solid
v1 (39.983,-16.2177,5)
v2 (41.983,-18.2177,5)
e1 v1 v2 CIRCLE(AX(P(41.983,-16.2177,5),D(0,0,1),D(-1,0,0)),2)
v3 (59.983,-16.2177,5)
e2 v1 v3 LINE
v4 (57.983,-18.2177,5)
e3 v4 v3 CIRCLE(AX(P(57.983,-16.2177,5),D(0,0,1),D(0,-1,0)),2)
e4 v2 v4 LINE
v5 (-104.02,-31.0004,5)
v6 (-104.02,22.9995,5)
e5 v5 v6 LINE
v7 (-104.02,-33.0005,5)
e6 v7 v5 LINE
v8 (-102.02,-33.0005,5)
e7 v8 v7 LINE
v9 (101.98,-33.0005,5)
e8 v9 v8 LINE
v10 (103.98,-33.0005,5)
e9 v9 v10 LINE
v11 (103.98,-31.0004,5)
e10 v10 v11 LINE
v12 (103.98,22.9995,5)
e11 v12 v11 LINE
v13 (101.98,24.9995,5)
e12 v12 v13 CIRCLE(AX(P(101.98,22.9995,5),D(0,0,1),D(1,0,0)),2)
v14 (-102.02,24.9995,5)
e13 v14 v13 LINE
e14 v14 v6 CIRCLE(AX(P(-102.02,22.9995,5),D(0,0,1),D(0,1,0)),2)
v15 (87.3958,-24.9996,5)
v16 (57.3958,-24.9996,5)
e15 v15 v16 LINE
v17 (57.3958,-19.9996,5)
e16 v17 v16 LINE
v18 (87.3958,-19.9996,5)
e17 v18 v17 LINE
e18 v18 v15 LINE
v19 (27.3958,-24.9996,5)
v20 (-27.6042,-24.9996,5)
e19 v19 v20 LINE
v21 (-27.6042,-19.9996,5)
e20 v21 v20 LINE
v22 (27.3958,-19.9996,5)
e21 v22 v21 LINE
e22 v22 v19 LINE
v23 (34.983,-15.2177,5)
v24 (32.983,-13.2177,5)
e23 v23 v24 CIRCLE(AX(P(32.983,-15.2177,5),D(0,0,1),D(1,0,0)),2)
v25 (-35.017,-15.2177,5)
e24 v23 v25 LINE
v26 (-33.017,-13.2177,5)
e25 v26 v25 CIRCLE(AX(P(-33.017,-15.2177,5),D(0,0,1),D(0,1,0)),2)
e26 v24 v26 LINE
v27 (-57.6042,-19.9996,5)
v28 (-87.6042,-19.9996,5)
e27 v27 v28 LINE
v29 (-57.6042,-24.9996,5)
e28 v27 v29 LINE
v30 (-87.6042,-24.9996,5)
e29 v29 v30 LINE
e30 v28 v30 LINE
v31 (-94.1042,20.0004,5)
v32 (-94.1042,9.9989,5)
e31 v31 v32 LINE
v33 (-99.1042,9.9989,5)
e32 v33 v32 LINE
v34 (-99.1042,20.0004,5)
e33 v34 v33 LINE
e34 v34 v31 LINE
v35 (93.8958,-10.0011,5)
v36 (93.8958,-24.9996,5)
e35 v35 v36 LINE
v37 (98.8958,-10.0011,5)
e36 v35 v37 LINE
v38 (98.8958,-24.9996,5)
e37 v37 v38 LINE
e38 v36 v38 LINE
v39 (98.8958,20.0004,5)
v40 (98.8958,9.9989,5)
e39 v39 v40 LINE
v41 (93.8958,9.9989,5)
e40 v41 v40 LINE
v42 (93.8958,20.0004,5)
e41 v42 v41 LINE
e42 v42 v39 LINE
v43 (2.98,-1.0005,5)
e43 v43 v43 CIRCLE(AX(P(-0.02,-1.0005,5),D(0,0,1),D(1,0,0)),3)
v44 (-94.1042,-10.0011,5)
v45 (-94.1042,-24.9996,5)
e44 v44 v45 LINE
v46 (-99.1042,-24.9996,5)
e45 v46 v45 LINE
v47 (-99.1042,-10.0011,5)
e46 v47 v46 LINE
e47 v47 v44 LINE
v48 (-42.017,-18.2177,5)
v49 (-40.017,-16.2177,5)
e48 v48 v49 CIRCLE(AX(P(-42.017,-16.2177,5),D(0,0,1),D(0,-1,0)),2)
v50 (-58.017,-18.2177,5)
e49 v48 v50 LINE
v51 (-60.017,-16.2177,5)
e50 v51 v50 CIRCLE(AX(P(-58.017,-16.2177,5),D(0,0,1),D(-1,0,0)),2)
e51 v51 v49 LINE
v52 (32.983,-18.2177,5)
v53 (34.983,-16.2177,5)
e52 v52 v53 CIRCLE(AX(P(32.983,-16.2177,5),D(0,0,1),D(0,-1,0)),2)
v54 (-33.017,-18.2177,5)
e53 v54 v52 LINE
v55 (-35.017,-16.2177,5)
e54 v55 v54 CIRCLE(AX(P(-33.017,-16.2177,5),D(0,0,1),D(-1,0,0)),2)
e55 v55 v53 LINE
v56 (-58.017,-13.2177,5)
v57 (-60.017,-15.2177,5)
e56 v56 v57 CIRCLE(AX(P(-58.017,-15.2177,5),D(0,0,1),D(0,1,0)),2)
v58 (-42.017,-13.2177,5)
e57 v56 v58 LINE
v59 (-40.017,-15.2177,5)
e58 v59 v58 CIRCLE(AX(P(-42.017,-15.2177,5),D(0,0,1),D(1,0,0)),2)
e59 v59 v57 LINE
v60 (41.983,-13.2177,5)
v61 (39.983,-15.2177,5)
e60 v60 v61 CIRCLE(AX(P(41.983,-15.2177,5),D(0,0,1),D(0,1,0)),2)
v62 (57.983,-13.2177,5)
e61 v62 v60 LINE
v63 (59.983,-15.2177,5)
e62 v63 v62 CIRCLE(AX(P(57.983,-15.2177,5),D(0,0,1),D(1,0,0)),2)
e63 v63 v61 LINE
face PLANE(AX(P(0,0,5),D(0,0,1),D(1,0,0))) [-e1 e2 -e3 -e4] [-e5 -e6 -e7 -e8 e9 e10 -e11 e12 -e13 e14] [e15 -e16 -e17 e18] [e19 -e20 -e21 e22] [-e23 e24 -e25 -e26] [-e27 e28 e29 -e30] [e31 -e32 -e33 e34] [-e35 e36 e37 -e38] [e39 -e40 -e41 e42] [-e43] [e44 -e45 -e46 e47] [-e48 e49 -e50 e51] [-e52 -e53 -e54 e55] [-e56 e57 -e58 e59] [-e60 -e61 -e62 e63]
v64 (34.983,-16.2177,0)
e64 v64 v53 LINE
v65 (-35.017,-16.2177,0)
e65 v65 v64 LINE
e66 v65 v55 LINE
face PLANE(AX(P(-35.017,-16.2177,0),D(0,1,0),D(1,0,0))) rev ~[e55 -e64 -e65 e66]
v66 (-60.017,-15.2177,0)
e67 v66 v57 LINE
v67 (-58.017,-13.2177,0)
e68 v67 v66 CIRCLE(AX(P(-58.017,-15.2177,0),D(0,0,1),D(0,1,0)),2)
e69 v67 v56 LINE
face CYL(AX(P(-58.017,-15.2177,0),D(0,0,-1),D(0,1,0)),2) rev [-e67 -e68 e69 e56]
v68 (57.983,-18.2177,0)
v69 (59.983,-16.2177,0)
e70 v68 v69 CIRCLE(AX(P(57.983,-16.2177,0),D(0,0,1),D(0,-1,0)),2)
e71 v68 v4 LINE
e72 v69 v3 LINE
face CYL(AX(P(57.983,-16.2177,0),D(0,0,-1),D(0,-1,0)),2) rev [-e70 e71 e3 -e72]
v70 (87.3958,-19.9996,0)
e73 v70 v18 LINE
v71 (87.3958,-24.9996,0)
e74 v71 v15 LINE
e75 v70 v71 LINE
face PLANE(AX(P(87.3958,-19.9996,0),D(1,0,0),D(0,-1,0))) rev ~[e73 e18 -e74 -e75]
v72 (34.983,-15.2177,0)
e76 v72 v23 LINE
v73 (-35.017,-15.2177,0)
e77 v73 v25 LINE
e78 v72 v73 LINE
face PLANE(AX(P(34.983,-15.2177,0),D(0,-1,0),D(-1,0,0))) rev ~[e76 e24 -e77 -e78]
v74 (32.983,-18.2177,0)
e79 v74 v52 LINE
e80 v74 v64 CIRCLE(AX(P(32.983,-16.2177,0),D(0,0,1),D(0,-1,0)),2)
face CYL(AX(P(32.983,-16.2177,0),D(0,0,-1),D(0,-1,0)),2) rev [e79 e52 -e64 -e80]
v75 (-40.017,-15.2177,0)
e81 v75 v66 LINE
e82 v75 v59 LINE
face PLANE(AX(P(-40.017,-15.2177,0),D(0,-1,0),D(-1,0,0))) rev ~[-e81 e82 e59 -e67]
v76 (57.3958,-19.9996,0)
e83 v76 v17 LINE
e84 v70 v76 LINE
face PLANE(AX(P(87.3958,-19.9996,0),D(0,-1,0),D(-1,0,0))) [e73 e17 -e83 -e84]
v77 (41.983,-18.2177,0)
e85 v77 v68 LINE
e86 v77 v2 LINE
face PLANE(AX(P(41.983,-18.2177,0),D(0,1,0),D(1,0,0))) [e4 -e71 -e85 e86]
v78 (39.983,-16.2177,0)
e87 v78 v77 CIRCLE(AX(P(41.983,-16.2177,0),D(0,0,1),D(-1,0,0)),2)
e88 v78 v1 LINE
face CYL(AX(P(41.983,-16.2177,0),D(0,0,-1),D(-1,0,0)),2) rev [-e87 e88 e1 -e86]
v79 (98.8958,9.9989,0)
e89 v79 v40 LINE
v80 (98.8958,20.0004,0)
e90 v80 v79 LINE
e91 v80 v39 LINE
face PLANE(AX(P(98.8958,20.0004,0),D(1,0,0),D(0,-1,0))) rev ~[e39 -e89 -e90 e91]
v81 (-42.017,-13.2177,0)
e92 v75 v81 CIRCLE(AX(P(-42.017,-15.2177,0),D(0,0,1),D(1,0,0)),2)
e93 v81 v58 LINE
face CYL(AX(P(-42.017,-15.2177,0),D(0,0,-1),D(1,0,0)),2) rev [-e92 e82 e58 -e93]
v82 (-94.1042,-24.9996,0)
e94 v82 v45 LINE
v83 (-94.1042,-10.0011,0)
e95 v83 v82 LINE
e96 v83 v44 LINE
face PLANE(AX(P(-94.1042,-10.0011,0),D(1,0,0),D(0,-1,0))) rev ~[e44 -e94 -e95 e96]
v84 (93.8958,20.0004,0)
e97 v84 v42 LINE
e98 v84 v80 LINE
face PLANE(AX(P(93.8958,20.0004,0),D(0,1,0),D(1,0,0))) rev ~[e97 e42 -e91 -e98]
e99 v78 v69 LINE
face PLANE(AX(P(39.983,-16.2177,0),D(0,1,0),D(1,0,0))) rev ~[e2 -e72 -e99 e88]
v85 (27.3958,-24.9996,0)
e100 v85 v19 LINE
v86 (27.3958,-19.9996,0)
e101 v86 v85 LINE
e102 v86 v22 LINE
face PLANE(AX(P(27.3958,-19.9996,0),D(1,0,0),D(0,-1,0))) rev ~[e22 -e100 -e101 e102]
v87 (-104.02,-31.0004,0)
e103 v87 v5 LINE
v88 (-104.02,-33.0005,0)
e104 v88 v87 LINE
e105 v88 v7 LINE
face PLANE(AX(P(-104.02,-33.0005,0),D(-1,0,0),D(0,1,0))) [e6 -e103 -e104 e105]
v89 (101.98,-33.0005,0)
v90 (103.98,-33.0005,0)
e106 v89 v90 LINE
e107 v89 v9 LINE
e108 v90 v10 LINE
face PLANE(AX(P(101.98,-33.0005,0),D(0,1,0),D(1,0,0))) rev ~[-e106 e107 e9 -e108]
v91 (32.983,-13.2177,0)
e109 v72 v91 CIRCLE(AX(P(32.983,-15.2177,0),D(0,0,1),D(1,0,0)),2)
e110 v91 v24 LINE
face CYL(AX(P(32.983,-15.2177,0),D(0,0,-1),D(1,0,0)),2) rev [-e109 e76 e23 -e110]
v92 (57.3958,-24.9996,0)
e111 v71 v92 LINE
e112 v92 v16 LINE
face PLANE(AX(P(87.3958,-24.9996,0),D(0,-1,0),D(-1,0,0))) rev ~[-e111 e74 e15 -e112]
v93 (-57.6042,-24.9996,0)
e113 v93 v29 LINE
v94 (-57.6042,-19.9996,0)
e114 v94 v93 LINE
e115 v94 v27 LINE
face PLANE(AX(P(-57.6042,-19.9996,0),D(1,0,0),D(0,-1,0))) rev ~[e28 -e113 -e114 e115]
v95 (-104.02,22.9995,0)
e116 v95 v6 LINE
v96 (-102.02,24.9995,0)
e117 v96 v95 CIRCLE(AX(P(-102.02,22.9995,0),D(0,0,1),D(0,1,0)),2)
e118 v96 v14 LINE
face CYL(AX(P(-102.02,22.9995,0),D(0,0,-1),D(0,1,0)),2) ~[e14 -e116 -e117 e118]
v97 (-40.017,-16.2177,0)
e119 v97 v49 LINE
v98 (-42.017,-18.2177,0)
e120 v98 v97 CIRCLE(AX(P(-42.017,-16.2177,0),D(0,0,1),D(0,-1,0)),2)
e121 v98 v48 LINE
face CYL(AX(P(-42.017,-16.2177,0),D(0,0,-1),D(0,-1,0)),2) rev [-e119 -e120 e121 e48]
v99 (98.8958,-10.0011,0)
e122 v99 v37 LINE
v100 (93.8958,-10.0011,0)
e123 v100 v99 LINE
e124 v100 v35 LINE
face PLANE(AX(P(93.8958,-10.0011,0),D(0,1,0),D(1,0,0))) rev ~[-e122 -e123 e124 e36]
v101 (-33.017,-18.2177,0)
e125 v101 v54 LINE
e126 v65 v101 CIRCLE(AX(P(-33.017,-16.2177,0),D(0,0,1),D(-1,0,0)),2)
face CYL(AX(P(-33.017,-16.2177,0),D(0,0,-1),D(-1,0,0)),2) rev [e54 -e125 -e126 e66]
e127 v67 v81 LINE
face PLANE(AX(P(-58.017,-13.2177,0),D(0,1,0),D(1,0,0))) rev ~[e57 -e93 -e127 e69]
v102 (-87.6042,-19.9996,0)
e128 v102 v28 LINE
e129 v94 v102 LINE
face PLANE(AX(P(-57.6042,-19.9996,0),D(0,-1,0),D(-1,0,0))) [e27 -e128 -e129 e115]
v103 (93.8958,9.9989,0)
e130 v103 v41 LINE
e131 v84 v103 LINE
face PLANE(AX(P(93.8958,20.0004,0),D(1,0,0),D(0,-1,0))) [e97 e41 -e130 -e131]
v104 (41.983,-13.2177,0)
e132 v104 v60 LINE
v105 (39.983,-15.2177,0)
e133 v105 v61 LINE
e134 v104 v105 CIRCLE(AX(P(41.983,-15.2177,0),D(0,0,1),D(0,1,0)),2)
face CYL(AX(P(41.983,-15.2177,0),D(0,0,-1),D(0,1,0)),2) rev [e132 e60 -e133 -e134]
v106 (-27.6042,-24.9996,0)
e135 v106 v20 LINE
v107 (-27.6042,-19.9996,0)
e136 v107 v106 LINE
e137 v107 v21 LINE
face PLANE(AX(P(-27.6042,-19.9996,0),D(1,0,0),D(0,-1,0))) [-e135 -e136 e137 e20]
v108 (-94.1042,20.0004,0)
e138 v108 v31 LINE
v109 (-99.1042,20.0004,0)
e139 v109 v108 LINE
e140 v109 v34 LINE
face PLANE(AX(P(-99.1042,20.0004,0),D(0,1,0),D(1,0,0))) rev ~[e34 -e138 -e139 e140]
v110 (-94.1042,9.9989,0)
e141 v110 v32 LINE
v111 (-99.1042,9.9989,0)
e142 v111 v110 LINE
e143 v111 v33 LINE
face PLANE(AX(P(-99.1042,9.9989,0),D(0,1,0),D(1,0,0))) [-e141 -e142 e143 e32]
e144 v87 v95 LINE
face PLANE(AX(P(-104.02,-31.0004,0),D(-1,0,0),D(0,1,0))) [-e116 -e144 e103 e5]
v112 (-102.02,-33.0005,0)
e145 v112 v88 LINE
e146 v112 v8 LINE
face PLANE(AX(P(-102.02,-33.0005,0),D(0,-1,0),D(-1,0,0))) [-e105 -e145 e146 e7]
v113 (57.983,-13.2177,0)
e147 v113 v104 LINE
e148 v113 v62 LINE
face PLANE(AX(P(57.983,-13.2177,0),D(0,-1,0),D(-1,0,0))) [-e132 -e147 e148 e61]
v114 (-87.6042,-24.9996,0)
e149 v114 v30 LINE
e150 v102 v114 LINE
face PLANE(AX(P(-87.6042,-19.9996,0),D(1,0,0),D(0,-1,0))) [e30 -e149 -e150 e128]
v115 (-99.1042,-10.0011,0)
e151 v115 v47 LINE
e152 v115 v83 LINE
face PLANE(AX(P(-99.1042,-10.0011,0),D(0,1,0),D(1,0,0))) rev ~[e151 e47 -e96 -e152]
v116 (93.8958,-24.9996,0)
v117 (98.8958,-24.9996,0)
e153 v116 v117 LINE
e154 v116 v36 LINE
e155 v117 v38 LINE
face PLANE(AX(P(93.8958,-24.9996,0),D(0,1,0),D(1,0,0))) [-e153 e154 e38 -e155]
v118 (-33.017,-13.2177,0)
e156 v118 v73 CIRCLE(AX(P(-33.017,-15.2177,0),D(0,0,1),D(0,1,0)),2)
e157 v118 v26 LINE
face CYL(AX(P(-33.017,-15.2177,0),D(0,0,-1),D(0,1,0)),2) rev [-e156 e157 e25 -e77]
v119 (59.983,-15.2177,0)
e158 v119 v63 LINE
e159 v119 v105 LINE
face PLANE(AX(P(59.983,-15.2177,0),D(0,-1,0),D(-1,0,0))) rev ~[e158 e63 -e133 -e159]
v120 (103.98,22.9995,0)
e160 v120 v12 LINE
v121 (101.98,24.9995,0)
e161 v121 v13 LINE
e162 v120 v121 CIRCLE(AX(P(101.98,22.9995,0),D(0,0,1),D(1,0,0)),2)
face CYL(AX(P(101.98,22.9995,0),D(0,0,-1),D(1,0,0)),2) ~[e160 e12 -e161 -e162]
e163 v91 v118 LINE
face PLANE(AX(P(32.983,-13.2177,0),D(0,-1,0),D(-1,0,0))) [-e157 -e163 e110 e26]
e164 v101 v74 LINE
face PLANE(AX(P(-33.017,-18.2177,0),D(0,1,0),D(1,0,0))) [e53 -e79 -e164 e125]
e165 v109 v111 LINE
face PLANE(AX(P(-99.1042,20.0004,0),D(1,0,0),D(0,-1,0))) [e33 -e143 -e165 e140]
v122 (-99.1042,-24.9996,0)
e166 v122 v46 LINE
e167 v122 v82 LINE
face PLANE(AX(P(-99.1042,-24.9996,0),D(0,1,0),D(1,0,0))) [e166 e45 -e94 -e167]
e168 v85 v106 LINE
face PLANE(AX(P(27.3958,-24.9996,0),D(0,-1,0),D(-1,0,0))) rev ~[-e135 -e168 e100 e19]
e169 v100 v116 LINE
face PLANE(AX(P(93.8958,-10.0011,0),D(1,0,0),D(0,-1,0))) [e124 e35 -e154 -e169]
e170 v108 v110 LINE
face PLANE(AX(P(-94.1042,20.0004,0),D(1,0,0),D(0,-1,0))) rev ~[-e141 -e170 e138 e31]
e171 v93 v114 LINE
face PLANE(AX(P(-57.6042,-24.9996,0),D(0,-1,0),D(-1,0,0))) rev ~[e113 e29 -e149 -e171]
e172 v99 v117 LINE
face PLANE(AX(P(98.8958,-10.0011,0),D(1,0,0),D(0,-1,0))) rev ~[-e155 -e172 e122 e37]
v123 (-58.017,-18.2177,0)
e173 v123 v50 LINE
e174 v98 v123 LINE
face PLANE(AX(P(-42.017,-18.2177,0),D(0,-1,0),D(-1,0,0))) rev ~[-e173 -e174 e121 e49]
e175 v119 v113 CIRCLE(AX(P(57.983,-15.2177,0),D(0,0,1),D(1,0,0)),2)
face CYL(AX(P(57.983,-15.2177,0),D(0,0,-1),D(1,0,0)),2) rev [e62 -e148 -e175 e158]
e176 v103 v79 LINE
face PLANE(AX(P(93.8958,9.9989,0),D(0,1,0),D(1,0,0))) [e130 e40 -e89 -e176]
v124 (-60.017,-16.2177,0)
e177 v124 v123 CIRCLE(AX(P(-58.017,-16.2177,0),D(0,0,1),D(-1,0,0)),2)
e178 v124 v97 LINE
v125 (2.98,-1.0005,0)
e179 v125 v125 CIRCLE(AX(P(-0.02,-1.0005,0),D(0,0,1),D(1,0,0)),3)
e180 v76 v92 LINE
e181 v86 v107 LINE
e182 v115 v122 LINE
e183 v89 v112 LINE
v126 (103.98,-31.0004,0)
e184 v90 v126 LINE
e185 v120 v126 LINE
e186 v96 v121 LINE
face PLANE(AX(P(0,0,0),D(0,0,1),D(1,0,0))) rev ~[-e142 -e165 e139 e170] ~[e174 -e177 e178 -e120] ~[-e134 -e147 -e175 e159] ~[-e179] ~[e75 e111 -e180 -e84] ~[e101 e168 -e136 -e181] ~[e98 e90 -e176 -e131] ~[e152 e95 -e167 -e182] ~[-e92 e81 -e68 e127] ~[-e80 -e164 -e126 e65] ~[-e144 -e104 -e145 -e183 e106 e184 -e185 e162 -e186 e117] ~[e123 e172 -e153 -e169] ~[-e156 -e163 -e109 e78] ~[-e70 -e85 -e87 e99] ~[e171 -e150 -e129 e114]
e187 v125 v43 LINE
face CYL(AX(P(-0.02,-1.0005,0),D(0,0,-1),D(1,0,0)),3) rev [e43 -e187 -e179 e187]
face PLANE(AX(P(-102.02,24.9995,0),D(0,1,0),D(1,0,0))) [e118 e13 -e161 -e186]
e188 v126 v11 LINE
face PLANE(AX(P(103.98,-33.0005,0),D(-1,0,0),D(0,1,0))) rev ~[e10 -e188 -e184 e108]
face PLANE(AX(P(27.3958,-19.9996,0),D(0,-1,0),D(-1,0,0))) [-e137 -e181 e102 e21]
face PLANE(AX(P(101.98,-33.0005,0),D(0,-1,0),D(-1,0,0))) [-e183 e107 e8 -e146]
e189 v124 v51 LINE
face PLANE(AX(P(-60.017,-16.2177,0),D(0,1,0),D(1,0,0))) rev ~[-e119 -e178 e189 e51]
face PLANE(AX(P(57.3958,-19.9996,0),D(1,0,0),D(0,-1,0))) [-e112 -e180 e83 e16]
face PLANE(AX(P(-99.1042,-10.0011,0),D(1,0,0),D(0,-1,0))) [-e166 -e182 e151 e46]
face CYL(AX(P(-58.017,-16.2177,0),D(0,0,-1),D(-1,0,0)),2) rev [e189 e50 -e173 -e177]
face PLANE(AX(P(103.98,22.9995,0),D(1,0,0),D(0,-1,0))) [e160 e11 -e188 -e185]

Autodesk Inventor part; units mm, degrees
ref_plane "YZ Plane" through (0, 0, 0) normal (1, 0, 0) x (0, 1, 0)
ref_plane "XZ Plane" through (0, 0, 0) normal (0, 1, 0) x (-1, 0, 0)
ref_plane "XY Plane" through (0, 0, 0) normal (0, 0, 1) x (1, 0, 0)
sketch "Sketch1" plane through (0, 0, 0) normal (0, 0, 1) x (1, 0, 0)
  line L0 (-102.02, 24.9995) -> (101.98, 24.9995)
  line L1 (103.98, 22.9995) -> (103.98, -31.0004)
  line L2 (101.98, -33.0005) -> (-102.02, -33.0005)
  line L3 (-104.02, -31.0004) -> (-104.02, 22.9995)
  arc A0 (-102.02, 24.9995) -> (-104.02, 22.9995) centre (-102.02, 22.9995) ccw
  arc A1 (103.98, 22.9995) -> (101.98, 24.9995) centre (101.98, 22.9995) ccw
  line L4 (101.98, -33.0005) -> (103.98, -33.0005)
  line L5 (103.98, -33.0005) -> (103.98, -31.0004)
  line L6 (-102.02, -33.0005) -> (-104.02, -33.0005)
  line L7 (-104.02, -33.0005) -> (-104.02, -31.0004)
  line L8 (57.983, -13.2177) -> (41.983, -13.2177)
  line L9 (41.983, -18.2177) -> (57.983, -18.2177)
  line L10 (-58.017, -13.2177) -> (-42.017, -13.2177)
  line L11 (-42.017, -18.2177) -> (-58.017, -18.2177)
  line L12 (32.983, -13.2177) -> (-33.017, -13.2177)
  line L13 (-33.017, -18.2177) -> (32.983, -18.2177)
  arc A2 (34.983, -15.2177) -> (32.983, -13.2177) centre (32.983, -15.2177) ccw
  arc A3 (-35.017, -16.2177) -> (-33.017, -18.2177) centre (-33.017, -16.2177) ccw
  arc A4 (-33.017, -13.2177) -> (-35.017, -15.2177) centre (-33.017, -15.2177) ccw
  arc A5 (-40.017, -15.2177) -> (-42.017, -13.2177) centre (-42.017, -15.2177) ccw
  arc A6 (-42.017, -18.2177) -> (-40.017, -16.2177) centre (-42.017, -16.2177) ccw
  arc A7 (-60.017, -16.2177) -> (-58.017, -18.2177) centre (-58.017, -16.2177) ccw
  arc A8 (-58.017, -13.2177) -> (-60.017, -15.2177) centre (-58.017, -15.2177) ccw
  arc A9 (39.983, -16.2177) -> (41.983, -18.2177) centre (41.983, -16.2177) ccw
  arc A10 (41.983, -13.2177) -> (39.983, -15.2177) centre (41.983, -15.2177) ccw
  arc A11 (59.983, -15.2177) -> (57.983, -13.2177) centre (57.983, -15.2177) ccw
  arc A12 (57.983, -18.2177) -> (59.983, -16.2177) centre (57.983, -16.2177) ccw
  arc A13 (32.983, -18.2177) -> (34.983, -16.2177) centre (32.983, -16.2177) ccw
  line L14 (59.983, -15.2177) -> (39.983, -15.2177)
  line L15 (39.983, -16.2177) -> (59.983, -16.2177)
  line L16 (34.983, -15.2177) -> (-35.017, -15.2177)
  line L17 (-35.017, -16.2177) -> (34.983, -16.2177)
  line L18 (-40.017, -15.2177) -> (-60.017, -15.2177)
  line L19 (-60.017, -16.2177) -> (-40.017, -16.2177)
  circle A14 centre (-0.02, -1.0005) radius 3
  line L20 (-99.1042, 20.0004) -> (-99.1042, 9.9989)
  line L21 (-99.1042, 9.9989) -> (-94.1042, 9.9989)
  line L22 (-94.1042, 20.0004) -> (-94.1042, 9.9989)
  line L23 (-99.1042, 20.0004) -> (-94.1042, 20.0004)
  line L24 (-99.1042, -10.0011) -> (-99.1042, -24.9996)
  line L25 (-99.1042, -24.9996) -> (-94.1042, -24.9996)
  line L26 (-94.1042, -10.0011) -> (-94.1042, -24.9996)
  line L27 (-99.1042, -10.0011) -> (-94.1042, -10.0011)
  line L28 (-57.6042, -19.9996) -> (-87.6042, -19.9996)
  line L29 (-87.6042, -19.9996) -> (-87.6042, -24.9996)
  line L30 (-57.6042, -24.9996) -> (-87.6042, -24.9996)
  line L31 (-57.6042, -19.9996) -> (-57.6042, -24.9996)
  line L32 (27.3958, -19.9996) -> (-27.6042, -19.9996)
  line L33 (-27.6042, -19.9996) -> (-27.6042, -24.9996)
  line L34 (27.3958, -24.9996) -> (-27.6042, -24.9996)
  line L35 (27.3958, -19.9996) -> (27.3958, -24.9996)
  line L36 (87.3958, -19.9996) -> (57.3958, -19.9996)
  line L37 (57.3958, -19.9996) -> (57.3958, -24.9996)
  line L38 (87.3958, -24.9996) -> (57.3958, -24.9996)
  line L39 (87.3958, -19.9996) -> (87.3958, -24.9996)
  line L40 (93.8958, -10.0011) -> (93.8958, -24.9996)
  line L41 (93.8958, -24.9996) -> (98.8958, -24.9996)
  line L42 (98.8958, -10.0011) -> (98.8958, -24.9996)
  line L43 (93.8958, -10.0011) -> (98.8958, -10.0011)
  line L44 (93.8958, 20.0004) -> (93.8958, 9.9989)
  line L45 (93.8958, 9.9989) -> (98.8958, 9.9989)
  line L46 (98.8958, 20.0004) -> (98.8958, 9.9989)
  line L47 (93.8958, 20.0004) -> (98.8958, 20.0004)
  point P0 (-99.02, 24.9995)
  point P1 (-104.02, 19.9995)
  point P2 (103.98, 19.9995)
  point P3 (103.98, -28.0004)
  point P4 (98.98, -33.0005)
  point P5 (-99.02, -33.0005)
  point P6 (-104.02, -28.0004)
  point P7 (59.983, -13.2177)
  point P8 (59.983, -18.2177)
  point P9 (59.983, -16.2177)
extrude "Extrusion1" add sketch "Sketch1" along normal blind 5
properties part number "case top front" material "ABS Plastic"
